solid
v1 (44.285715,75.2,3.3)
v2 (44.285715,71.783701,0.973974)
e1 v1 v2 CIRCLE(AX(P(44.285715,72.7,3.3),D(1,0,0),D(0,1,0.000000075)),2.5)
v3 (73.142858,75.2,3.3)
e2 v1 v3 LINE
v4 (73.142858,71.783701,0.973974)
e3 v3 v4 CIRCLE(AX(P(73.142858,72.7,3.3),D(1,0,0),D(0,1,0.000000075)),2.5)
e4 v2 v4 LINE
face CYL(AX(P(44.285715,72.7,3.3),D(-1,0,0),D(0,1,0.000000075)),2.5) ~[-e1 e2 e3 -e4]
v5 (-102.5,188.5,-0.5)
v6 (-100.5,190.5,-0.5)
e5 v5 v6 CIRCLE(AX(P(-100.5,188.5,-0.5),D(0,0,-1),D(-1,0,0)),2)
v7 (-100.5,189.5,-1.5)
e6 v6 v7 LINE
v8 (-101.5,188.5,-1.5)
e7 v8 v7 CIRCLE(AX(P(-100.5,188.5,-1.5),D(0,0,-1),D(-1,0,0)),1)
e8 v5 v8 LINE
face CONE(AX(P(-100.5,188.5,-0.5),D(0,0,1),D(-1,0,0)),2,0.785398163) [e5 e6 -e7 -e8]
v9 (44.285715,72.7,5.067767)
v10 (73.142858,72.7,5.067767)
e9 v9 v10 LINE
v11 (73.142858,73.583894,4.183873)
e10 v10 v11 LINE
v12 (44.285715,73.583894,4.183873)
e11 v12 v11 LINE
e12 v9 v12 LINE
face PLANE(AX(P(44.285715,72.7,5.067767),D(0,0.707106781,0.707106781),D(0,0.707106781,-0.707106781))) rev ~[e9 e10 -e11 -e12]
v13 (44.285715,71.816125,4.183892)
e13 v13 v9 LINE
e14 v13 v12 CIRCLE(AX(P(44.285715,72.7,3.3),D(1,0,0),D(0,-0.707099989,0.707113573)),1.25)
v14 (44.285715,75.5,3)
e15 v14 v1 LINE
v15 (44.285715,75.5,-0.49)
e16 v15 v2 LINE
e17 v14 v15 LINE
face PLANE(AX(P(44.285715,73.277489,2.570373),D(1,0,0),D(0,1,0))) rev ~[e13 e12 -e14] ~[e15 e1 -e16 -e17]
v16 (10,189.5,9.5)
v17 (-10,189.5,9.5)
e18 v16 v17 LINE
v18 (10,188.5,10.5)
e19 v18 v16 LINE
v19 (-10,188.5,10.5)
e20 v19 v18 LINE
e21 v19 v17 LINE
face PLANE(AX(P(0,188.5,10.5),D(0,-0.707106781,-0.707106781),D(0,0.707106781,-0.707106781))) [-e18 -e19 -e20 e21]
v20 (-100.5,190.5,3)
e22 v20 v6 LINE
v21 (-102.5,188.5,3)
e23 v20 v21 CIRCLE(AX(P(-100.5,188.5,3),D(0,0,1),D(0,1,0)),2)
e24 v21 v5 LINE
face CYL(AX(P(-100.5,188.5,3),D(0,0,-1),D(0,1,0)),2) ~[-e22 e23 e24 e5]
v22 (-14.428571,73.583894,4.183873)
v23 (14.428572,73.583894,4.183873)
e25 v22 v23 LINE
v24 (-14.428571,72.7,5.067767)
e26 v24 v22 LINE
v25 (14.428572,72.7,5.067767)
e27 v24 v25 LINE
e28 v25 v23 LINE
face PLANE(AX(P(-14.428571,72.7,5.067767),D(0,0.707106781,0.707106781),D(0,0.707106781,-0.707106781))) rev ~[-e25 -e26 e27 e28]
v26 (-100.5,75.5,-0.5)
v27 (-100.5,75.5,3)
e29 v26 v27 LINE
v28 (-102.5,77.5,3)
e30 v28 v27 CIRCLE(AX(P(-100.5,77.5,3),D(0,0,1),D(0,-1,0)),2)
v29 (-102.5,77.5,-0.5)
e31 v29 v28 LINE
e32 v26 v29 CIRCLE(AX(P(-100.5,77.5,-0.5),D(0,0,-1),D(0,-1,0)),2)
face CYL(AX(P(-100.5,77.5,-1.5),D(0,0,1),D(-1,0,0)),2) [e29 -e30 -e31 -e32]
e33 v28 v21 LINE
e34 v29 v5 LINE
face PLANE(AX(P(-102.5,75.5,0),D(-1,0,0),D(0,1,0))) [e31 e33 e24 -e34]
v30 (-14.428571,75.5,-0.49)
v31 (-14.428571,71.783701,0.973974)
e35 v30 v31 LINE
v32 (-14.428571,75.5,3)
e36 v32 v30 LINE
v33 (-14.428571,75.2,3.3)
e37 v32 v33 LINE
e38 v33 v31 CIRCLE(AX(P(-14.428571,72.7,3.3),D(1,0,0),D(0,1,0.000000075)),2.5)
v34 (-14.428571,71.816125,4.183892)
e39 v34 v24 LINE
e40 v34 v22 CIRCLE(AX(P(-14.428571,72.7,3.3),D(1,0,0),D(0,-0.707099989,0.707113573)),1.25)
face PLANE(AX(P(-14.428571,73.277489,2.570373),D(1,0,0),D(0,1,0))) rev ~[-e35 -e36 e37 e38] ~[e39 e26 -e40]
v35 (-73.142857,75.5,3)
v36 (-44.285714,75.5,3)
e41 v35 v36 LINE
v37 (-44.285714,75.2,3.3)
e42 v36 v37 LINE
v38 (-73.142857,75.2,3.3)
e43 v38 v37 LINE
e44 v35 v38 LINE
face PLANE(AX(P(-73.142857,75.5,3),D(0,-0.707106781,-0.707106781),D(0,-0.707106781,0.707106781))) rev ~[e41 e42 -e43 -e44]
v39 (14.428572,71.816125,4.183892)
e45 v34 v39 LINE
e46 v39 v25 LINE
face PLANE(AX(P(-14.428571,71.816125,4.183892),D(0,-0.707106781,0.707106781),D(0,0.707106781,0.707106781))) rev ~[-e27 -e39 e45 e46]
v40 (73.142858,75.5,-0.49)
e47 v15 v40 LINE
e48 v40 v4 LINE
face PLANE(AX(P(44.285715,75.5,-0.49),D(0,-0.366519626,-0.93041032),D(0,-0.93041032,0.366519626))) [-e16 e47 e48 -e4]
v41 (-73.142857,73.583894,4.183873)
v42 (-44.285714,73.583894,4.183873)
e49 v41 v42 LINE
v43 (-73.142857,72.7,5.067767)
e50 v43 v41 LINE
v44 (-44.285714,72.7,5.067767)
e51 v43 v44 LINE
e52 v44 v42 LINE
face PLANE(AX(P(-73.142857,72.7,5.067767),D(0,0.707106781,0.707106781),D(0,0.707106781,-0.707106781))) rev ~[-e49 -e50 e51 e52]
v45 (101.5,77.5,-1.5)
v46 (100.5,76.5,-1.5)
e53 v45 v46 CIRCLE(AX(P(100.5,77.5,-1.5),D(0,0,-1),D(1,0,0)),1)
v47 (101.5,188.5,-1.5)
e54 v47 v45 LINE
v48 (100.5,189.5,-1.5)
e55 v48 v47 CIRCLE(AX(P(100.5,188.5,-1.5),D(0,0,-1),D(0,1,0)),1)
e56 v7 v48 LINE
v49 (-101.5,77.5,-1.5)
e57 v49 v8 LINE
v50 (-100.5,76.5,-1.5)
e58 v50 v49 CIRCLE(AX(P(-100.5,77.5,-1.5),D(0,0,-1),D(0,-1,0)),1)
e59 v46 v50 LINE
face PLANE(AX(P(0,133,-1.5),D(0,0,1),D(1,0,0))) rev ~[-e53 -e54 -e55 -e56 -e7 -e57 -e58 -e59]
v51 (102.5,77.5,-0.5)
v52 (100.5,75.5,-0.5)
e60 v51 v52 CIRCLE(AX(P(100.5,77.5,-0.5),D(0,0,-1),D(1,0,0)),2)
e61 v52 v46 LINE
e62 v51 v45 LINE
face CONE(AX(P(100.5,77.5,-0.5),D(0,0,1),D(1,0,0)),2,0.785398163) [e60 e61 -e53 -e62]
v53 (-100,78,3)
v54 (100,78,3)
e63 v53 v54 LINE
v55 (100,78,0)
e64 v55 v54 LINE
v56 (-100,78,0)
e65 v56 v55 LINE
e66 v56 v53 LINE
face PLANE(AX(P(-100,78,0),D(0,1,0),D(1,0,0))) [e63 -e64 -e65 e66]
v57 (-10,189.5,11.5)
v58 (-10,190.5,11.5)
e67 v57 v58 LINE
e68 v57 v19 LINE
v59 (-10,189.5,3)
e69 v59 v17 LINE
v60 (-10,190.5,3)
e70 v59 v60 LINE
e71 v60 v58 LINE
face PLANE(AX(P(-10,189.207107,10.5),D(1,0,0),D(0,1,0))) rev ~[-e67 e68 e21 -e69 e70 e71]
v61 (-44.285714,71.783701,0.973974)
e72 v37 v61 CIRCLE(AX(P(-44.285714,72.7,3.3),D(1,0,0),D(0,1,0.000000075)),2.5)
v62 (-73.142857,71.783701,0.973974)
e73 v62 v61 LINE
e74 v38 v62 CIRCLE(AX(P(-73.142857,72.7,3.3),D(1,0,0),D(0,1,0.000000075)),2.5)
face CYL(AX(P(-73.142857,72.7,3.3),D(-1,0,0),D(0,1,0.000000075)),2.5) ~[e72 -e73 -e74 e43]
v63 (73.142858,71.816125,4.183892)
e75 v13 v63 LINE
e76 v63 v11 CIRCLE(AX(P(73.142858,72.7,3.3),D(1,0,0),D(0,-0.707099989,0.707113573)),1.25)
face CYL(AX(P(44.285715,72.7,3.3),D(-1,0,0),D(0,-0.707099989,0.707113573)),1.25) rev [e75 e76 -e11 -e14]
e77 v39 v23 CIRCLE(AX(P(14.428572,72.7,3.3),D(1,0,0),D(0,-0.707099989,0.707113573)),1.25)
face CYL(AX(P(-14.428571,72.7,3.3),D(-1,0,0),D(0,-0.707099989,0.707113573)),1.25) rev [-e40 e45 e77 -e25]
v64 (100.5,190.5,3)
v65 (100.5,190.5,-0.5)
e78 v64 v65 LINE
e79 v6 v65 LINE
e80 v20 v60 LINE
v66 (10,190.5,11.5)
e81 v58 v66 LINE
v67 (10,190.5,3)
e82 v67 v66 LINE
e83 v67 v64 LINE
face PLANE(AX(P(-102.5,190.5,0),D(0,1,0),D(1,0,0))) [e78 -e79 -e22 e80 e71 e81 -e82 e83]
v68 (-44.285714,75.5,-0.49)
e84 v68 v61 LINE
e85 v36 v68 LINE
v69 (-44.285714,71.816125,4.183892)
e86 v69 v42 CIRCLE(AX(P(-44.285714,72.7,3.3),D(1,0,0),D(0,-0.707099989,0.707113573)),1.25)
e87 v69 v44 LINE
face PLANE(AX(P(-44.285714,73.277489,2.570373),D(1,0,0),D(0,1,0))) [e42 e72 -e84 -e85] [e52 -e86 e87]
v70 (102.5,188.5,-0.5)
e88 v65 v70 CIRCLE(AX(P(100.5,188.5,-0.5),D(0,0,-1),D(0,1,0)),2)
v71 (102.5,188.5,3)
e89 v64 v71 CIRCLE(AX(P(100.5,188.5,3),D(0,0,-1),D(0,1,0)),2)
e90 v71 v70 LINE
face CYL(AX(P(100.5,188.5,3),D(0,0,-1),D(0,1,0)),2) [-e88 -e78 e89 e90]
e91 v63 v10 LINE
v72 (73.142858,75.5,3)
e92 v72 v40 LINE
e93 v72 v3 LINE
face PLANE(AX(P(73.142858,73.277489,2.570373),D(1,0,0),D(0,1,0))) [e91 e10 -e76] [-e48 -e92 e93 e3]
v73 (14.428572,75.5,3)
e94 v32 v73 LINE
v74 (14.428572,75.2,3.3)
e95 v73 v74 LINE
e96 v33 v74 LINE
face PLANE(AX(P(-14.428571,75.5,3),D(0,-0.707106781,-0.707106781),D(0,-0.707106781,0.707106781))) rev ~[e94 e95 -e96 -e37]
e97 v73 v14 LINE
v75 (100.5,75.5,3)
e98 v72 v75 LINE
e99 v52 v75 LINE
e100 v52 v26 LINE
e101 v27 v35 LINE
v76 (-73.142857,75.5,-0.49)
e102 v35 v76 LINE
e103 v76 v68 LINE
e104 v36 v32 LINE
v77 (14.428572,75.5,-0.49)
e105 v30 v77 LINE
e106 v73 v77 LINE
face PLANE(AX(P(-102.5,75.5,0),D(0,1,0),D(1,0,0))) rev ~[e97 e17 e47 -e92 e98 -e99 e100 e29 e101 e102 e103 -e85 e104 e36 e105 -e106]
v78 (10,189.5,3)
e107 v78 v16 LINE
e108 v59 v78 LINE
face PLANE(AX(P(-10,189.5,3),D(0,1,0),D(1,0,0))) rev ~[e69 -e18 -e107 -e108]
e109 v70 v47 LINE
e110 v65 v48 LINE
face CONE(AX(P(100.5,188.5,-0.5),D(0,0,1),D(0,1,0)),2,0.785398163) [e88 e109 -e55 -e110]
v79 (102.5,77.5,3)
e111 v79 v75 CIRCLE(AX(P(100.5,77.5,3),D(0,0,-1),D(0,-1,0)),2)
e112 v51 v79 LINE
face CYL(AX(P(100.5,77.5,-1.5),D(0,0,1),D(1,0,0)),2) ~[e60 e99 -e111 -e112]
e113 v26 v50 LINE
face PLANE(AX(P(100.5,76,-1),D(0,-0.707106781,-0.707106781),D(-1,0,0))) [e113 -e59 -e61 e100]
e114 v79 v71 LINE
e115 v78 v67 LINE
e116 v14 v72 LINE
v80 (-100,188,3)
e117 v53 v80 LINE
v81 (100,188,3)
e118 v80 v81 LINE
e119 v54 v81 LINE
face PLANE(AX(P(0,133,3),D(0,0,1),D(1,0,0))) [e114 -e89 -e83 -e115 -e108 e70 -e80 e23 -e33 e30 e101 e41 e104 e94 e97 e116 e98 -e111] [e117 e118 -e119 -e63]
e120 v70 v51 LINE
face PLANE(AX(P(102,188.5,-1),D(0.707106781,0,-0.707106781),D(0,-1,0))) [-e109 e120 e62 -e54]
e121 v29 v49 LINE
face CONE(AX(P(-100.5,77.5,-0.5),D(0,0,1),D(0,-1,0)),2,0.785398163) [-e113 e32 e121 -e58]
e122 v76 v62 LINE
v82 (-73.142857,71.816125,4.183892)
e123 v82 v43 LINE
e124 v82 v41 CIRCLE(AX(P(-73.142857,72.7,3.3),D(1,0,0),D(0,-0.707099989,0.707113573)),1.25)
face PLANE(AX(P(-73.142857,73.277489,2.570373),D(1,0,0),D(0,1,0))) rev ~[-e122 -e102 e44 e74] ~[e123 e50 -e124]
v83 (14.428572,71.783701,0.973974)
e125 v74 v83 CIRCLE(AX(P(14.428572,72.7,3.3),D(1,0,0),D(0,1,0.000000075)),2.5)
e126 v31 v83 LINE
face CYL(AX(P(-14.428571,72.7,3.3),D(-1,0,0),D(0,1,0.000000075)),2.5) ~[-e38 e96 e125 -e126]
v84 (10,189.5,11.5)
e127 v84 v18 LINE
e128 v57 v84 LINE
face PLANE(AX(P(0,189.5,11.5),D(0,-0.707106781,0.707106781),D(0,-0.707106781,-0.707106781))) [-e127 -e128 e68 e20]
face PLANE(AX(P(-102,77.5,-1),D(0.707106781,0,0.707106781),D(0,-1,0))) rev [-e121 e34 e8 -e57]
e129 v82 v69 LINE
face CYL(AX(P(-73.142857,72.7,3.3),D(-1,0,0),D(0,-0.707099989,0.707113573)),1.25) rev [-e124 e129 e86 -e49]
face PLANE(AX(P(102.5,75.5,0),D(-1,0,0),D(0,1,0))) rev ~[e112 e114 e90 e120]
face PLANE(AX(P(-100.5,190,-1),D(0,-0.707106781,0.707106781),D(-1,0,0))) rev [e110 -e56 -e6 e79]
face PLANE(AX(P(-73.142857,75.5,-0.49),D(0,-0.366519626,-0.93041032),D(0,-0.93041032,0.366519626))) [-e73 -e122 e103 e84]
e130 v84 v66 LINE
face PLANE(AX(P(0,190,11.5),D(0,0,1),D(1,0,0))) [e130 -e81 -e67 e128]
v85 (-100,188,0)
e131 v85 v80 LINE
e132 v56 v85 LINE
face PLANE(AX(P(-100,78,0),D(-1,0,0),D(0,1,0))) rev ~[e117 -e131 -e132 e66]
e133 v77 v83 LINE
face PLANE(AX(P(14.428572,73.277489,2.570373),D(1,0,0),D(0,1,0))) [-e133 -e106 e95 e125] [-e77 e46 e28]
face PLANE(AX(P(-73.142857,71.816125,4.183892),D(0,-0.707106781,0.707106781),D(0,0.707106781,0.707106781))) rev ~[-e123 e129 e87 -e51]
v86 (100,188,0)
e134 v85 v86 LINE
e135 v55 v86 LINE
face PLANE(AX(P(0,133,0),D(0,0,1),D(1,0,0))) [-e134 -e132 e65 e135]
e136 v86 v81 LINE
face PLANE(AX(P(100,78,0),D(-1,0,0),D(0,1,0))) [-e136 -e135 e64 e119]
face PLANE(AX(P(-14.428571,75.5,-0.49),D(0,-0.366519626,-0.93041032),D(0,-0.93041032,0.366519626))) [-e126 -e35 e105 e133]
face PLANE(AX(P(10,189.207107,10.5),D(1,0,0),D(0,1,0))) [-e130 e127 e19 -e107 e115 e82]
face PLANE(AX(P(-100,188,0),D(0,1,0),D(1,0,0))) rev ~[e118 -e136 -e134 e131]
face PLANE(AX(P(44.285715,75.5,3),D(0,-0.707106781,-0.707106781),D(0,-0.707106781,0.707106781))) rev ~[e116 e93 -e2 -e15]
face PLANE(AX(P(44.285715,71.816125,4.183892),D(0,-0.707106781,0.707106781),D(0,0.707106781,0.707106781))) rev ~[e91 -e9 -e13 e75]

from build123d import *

# Parameters (mm, degrees)
SKETCH002_W            = 205
SKETCH002_H            = 115
PAD003_DEPTH           = 1.5
SKETCH003_W            = 205
SKETCH003_H            = 115
SKETCH003_W_2          = 200
SKETCH003_H_2          = 110
PAD002_DEPTH           = 3
SKETCH006_W            = 20
SKETCH006_H            = 1
PAD005_DEPTH           = 8.5
PAD006_DEPTH           = 10
PAD008_DEPTH           = 28.857143
LINEARPATTERN001_COUNT = 3
LINEARPATTERN001_PITCH = 58.714286
FILLET001_R            = 2
CHAMFER001_SIZE        = 1


with BuildPart() as part:
    # Sketch002 → Pad003 (new body)
    with BuildSketch(Plane.XY):
        Rectangle(SKETCH002_W, SKETCH002_H)
    extrude(amount=-PAD003_DEPTH)

    # Sketch003 → Pad002 (join)
    with BuildSketch(Plane.XY):
        Rectangle(SKETCH003_W, SKETCH003_H)
        Rectangle(SKETCH003_W_2, SKETCH003_H_2, mode=Mode.SUBTRACT)
    extrude(amount=PAD002_DEPTH)

    # Sketch006 → Pad005 (join)
    with BuildSketch(Plane.XY.offset(3)):
        with Locations((0, 57)):
            Rectangle(SKETCH006_W, SKETCH006_H)
    extrude(amount=PAD005_DEPTH)

    # Sketch007 → Pad006 (join, symmetric)
    with BuildSketch(Plane.YZ):
        Polygon((56.5, 11.5), (55.5, 10.5), (56.5, 9.5), align=None)
    extrude(amount=PAD006_DEPTH, both=True)

    # Sketch009 → Pad008 (join)
    with BuildSketch(Plane.YZ.offset(-73.142857)):
        with BuildLine():
            Line((-57.5, 3), (-57.8, 3.3))
            ThreePointArc((-57.8, 3.3), (-61.706992, 5.366488), (-61.216299, 0.973974))
            Line((-57.5, -0.49), (-61.216299, 0.973974))
            Line((-57.5, 3), (-57.5, -0.49))
        make_face()
        with BuildLine():
            Line((-61.183875, 4.183892), (-60.3, 5.067767))
            Line((-60.3, 5.067767), (-59.416106, 4.183873))
            ThreePointArc((-61.183875, 4.183892), (-60.300013, 2.05), (-59.416106, 4.183873))
        make_face(mode=Mode.SUBTRACT)
    pad008 = extrude(amount=PAD008_DEPTH)

    # LinearPattern001: Pad008 ×3
    with Locations(*[(i * LINEARPATTERN001_PITCH, 0, 0) for i in range(1, LINEARPATTERN001_COUNT)]):
        add(pad008)

    # Fillet001
    fillet001_edges = [part.edges().sort_by_distance(p)[0] for p in [
        (102.5, -57.5, 0.75),
        (102.5, 57.5, 0.75),
        (-102.5, 57.5, 0.75),
        (-102.5, -57.5, 0.75),
    ]]
    fillet(fillet001_edges, radius=FILLET001_R)

    # Chamfer001
    chamfer001_edges = [part.edges().sort_by_distance(p)[0] for p in [
        (0, 57.5, -1.5),
        (-101.914214, 56.914214, -1.5),
        (101.914214, 56.914214, -1.5),
        (-102.5, 0, -1.5),
        (102.5, 0, -1.5),
        (-101.914214, -56.914214, -1.5),
        (101.914214, -56.914214, -1.5),
        (0, -57.5, -1.5),
    ]]
    chamfer(chamfer001_edges, length=CHAMFER001_SIZE)


with BuildPart() as part_1:
    # Body001 placement: moved
    add(part.part.moved(Location((0, 133, 0))))


solid = part_1.part
